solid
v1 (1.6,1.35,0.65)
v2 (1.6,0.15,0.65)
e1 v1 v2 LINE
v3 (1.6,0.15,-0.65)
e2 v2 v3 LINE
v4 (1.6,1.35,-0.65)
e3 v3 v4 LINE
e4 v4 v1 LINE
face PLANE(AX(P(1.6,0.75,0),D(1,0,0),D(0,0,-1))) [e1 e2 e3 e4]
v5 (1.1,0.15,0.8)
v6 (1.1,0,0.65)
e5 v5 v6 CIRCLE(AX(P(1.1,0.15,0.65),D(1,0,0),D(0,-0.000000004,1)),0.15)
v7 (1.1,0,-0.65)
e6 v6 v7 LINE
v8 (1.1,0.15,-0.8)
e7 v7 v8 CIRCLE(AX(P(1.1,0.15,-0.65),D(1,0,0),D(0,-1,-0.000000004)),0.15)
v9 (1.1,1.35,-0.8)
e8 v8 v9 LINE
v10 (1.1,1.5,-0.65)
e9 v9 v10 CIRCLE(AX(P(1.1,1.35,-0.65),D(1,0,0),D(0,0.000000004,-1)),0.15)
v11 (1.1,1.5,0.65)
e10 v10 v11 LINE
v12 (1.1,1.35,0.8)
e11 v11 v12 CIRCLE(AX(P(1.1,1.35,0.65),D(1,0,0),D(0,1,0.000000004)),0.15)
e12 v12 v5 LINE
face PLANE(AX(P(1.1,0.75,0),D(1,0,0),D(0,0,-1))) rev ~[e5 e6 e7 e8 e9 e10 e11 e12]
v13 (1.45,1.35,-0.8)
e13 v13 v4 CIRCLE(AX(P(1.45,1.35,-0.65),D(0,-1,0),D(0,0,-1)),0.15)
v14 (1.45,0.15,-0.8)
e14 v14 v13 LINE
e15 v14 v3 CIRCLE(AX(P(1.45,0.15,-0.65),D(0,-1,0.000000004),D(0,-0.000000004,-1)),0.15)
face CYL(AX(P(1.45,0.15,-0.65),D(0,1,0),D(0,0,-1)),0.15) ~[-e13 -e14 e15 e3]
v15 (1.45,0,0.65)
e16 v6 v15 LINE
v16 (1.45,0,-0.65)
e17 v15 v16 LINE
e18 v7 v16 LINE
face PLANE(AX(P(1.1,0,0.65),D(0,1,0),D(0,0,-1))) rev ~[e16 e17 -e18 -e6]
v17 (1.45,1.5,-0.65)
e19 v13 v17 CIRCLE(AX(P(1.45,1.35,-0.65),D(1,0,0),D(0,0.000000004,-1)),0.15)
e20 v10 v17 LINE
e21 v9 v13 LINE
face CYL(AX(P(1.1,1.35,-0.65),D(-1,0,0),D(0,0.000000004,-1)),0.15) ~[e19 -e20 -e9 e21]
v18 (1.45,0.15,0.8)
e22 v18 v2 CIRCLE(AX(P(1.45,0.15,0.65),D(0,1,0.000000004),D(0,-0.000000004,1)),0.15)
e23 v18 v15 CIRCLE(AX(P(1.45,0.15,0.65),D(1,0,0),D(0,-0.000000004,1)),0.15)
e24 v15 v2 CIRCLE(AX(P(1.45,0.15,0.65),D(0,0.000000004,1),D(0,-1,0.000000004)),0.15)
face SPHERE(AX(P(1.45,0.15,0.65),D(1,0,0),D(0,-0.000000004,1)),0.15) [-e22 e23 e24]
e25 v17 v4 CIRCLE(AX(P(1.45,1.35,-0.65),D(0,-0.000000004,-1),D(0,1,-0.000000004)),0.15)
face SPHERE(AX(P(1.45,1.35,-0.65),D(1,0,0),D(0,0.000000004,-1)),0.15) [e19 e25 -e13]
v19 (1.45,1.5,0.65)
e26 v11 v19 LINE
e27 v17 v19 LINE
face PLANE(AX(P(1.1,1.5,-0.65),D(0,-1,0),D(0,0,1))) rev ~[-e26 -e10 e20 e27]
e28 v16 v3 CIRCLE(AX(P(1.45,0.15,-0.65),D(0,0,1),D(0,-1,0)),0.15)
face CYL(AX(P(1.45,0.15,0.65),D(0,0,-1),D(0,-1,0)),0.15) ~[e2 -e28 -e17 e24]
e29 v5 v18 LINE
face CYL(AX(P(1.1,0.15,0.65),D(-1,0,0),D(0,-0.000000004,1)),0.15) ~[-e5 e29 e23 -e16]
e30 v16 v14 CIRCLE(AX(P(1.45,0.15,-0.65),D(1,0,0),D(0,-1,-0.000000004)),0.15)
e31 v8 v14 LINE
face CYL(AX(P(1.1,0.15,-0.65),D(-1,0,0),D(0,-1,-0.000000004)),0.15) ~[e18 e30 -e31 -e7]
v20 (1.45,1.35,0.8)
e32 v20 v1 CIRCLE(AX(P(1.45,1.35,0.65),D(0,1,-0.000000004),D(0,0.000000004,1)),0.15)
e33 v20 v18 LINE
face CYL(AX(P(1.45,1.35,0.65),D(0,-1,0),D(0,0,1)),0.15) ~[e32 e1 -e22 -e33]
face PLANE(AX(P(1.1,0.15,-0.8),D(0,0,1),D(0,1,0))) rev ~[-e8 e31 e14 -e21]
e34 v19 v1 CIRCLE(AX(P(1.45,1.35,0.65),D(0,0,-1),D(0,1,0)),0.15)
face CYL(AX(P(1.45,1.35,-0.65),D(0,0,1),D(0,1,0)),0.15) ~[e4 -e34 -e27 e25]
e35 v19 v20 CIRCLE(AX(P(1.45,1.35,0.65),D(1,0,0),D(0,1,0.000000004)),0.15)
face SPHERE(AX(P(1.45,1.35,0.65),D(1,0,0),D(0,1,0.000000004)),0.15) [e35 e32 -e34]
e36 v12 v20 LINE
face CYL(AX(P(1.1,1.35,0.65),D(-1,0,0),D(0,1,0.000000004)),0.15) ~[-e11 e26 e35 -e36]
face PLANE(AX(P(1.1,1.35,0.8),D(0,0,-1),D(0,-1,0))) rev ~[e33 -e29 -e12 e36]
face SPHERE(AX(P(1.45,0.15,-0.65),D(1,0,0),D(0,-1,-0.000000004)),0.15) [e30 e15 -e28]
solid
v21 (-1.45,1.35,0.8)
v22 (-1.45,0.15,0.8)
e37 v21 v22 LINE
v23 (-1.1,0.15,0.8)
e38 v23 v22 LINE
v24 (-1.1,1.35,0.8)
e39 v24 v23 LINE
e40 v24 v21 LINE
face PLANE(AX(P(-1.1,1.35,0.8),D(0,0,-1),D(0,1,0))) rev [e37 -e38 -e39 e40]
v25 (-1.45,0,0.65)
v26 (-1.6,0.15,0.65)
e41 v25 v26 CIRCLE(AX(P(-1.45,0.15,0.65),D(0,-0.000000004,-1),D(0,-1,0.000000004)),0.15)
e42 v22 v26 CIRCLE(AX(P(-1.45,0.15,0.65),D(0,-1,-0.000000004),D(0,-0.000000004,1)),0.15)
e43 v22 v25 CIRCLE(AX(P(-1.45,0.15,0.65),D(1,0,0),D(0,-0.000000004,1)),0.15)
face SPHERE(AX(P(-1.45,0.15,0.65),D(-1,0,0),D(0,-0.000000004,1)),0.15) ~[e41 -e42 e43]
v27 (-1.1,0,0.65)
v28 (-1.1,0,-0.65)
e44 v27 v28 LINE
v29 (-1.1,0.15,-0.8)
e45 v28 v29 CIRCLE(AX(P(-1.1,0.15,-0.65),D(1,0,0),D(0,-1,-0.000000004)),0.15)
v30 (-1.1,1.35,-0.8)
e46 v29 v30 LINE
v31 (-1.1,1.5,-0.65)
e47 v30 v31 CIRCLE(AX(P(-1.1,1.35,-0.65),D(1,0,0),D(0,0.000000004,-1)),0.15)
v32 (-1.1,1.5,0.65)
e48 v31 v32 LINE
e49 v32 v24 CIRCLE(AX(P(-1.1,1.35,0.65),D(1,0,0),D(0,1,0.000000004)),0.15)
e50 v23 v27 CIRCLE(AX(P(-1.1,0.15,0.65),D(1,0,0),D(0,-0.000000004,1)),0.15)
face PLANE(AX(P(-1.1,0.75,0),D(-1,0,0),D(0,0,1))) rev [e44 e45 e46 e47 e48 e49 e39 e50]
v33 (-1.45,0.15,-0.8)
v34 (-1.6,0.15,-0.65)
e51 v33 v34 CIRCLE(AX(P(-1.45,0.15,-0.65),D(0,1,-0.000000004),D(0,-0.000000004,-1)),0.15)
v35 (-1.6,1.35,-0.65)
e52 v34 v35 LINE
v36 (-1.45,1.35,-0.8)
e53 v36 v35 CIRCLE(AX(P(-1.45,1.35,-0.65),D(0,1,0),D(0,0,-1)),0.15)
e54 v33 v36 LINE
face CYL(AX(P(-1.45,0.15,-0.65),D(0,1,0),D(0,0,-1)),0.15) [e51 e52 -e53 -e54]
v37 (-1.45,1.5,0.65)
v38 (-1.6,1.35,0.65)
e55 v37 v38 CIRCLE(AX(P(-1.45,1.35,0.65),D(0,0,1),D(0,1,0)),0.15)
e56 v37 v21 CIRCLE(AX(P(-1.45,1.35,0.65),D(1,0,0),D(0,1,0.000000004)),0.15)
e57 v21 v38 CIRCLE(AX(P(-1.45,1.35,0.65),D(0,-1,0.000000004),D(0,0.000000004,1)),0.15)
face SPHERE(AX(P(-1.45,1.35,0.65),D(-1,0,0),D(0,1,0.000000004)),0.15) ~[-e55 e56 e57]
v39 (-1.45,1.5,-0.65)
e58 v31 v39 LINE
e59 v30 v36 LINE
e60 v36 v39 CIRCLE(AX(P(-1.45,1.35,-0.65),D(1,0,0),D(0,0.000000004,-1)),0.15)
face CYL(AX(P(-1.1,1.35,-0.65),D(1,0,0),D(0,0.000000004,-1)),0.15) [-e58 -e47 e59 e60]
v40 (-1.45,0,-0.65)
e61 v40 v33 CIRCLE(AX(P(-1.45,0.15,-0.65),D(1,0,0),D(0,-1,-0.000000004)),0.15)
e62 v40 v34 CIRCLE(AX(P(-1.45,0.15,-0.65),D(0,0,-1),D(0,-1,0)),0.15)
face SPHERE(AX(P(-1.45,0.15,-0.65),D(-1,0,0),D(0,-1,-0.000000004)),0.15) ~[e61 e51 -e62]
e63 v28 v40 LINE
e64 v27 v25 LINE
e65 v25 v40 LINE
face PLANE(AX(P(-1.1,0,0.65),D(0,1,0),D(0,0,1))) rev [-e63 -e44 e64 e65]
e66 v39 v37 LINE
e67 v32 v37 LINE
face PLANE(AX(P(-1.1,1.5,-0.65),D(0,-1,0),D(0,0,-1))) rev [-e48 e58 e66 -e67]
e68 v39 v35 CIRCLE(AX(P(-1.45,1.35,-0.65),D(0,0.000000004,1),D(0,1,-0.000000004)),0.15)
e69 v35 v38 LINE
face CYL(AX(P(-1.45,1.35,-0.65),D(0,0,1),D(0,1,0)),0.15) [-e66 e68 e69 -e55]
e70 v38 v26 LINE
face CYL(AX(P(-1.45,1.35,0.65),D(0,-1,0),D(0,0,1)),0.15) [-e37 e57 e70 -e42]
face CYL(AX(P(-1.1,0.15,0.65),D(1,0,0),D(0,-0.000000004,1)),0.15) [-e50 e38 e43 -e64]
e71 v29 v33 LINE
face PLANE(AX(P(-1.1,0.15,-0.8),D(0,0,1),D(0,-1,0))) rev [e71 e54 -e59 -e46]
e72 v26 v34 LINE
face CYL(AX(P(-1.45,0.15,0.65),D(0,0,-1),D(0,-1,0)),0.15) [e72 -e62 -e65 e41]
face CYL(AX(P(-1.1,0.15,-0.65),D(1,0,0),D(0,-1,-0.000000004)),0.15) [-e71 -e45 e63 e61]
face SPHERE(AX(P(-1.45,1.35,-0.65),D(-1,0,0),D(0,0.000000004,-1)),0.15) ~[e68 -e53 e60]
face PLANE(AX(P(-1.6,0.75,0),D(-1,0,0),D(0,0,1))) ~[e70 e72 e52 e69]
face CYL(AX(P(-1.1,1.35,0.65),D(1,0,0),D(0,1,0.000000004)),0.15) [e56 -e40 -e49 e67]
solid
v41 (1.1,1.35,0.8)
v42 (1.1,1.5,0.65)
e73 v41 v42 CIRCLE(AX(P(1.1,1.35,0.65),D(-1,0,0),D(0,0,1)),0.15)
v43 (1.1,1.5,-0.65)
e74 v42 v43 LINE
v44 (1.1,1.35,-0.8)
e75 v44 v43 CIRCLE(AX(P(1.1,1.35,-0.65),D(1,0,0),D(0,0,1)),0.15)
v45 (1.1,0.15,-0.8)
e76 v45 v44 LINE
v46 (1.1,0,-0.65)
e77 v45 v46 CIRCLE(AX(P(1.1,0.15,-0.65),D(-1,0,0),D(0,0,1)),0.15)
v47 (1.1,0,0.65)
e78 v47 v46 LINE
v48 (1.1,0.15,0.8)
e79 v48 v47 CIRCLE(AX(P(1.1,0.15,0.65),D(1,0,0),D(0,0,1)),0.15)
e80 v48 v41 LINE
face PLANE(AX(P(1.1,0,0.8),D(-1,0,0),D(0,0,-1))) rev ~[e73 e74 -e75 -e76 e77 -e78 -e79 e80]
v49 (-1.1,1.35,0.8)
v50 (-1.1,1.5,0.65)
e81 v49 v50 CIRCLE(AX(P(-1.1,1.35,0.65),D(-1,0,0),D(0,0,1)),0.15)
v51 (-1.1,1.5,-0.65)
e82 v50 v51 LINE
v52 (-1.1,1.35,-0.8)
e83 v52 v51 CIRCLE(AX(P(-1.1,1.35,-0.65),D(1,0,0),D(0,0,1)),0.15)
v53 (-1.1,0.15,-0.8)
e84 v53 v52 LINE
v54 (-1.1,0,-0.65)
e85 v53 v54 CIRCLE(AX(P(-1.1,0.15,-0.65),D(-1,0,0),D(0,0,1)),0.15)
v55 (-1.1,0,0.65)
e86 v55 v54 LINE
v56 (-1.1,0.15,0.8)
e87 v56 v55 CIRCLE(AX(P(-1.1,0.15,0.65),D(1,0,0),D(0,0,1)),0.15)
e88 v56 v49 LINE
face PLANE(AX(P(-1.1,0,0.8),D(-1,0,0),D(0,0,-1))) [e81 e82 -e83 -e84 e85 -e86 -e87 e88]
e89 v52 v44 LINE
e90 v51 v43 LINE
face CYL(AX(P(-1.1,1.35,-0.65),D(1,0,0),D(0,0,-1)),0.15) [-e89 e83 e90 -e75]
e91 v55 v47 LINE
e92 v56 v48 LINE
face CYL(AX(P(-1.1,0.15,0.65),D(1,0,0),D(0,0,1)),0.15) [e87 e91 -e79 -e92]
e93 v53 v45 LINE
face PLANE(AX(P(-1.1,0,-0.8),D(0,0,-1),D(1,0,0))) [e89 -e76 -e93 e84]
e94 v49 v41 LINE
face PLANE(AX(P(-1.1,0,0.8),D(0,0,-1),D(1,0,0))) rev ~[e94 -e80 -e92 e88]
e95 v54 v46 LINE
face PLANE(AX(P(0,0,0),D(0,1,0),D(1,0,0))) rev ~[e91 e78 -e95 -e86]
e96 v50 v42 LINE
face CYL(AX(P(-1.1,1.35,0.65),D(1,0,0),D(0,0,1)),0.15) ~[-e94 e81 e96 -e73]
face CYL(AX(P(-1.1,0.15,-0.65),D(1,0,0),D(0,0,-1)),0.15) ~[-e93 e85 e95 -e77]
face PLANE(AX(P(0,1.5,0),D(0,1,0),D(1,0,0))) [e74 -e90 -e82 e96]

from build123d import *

# Parameters (mm, degrees)
SKETCH1_W           = 2.2
SKETCH1_H           = 1.6
BOSS_EXTRUDE1_DEPTH = 1.5
FILLET1_R           = 0.15
BOSS_EXTRUDE2_DEPTH = 0.5
FILLET2_R           = 0.15


with BuildPart() as part:
    # Sketch1 → Boss-Extrude1 (new body)
    with BuildSketch(Plane(origin=(0, 0, 0), x_dir=(1, 0, 0), z_dir=(0, 1, 0))):
        Rectangle(SKETCH1_W, SKETCH1_H)
    extrude(amount=BOSS_EXTRUDE1_DEPTH)

    # Fillet1
    fillet1_edges = [part.edges().sort_by_distance(p)[0] for p in [
        (0, 1.5, -0.8),
        (0, 0, -0.8),
        (0, 0, 0.8),
        (0, 1.5, 0.8),
    ]]
    fillet(fillet1_edges, radius=FILLET1_R)


with BuildPart() as body_2:
    # Sketch2 → Boss-Extrude2 (new body)
    with BuildSketch(Plane(origin=(1.1, 0, 0), x_dir=(0, 0, -1), z_dir=(1, 0, 0))):
        with BuildLine():
            Line((-0.8, 1.35), (-0.8, 0.15))
            ThreePointArc((-0.8, 0.15), (-0.756066017, 0.043933983), (-0.65, 0))
            Line((-0.65, 0), (0.65, 0))
            ThreePointArc((0.65, 0), (0.756066017, 0.043933983), (0.8, 0.15))
            Line((0.8, 0.15), (0.8, 1.35))
            ThreePointArc((0.8, 1.35), (0.756066017, 1.456066017), (0.65, 1.5))
            Line((0.65, 1.5), (-0.65, 1.5))
            ThreePointArc((-0.65, 1.5), (-0.756066017, 1.456066017), (-0.8, 1.35))
        make_face()
    extrude(amount=BOSS_EXTRUDE2_DEPTH)

    # Fillet2
    fillet2_edges = [body_2.edges().sort_by_distance(p)[0] for p in [
        (1.6, 0.043933983, 0.756066017),
        (1.6, 0, 0),
        (1.6, 0.043933983, -0.756066017),
        (1.6, 0.75, -0.8),
        (1.6, 1.456066017, -0.756066017),
        (1.6, 1.5, 0),
        (1.6, 1.456066017, 0.756066017),
        (1.6, 0.75, 0.8),
    ]]
    fillet(fillet2_edges, radius=FILLET2_R)


with BuildPart() as body_3:
    # Mirror1: mirrored copy
    add(body_2.part.mirror(Plane(origin=(0, 0, 0), x_dir=(0, 0, 1), z_dir=(1, 0, 0))))


solid = Compound([part.part, body_2.part, body_3.part])
